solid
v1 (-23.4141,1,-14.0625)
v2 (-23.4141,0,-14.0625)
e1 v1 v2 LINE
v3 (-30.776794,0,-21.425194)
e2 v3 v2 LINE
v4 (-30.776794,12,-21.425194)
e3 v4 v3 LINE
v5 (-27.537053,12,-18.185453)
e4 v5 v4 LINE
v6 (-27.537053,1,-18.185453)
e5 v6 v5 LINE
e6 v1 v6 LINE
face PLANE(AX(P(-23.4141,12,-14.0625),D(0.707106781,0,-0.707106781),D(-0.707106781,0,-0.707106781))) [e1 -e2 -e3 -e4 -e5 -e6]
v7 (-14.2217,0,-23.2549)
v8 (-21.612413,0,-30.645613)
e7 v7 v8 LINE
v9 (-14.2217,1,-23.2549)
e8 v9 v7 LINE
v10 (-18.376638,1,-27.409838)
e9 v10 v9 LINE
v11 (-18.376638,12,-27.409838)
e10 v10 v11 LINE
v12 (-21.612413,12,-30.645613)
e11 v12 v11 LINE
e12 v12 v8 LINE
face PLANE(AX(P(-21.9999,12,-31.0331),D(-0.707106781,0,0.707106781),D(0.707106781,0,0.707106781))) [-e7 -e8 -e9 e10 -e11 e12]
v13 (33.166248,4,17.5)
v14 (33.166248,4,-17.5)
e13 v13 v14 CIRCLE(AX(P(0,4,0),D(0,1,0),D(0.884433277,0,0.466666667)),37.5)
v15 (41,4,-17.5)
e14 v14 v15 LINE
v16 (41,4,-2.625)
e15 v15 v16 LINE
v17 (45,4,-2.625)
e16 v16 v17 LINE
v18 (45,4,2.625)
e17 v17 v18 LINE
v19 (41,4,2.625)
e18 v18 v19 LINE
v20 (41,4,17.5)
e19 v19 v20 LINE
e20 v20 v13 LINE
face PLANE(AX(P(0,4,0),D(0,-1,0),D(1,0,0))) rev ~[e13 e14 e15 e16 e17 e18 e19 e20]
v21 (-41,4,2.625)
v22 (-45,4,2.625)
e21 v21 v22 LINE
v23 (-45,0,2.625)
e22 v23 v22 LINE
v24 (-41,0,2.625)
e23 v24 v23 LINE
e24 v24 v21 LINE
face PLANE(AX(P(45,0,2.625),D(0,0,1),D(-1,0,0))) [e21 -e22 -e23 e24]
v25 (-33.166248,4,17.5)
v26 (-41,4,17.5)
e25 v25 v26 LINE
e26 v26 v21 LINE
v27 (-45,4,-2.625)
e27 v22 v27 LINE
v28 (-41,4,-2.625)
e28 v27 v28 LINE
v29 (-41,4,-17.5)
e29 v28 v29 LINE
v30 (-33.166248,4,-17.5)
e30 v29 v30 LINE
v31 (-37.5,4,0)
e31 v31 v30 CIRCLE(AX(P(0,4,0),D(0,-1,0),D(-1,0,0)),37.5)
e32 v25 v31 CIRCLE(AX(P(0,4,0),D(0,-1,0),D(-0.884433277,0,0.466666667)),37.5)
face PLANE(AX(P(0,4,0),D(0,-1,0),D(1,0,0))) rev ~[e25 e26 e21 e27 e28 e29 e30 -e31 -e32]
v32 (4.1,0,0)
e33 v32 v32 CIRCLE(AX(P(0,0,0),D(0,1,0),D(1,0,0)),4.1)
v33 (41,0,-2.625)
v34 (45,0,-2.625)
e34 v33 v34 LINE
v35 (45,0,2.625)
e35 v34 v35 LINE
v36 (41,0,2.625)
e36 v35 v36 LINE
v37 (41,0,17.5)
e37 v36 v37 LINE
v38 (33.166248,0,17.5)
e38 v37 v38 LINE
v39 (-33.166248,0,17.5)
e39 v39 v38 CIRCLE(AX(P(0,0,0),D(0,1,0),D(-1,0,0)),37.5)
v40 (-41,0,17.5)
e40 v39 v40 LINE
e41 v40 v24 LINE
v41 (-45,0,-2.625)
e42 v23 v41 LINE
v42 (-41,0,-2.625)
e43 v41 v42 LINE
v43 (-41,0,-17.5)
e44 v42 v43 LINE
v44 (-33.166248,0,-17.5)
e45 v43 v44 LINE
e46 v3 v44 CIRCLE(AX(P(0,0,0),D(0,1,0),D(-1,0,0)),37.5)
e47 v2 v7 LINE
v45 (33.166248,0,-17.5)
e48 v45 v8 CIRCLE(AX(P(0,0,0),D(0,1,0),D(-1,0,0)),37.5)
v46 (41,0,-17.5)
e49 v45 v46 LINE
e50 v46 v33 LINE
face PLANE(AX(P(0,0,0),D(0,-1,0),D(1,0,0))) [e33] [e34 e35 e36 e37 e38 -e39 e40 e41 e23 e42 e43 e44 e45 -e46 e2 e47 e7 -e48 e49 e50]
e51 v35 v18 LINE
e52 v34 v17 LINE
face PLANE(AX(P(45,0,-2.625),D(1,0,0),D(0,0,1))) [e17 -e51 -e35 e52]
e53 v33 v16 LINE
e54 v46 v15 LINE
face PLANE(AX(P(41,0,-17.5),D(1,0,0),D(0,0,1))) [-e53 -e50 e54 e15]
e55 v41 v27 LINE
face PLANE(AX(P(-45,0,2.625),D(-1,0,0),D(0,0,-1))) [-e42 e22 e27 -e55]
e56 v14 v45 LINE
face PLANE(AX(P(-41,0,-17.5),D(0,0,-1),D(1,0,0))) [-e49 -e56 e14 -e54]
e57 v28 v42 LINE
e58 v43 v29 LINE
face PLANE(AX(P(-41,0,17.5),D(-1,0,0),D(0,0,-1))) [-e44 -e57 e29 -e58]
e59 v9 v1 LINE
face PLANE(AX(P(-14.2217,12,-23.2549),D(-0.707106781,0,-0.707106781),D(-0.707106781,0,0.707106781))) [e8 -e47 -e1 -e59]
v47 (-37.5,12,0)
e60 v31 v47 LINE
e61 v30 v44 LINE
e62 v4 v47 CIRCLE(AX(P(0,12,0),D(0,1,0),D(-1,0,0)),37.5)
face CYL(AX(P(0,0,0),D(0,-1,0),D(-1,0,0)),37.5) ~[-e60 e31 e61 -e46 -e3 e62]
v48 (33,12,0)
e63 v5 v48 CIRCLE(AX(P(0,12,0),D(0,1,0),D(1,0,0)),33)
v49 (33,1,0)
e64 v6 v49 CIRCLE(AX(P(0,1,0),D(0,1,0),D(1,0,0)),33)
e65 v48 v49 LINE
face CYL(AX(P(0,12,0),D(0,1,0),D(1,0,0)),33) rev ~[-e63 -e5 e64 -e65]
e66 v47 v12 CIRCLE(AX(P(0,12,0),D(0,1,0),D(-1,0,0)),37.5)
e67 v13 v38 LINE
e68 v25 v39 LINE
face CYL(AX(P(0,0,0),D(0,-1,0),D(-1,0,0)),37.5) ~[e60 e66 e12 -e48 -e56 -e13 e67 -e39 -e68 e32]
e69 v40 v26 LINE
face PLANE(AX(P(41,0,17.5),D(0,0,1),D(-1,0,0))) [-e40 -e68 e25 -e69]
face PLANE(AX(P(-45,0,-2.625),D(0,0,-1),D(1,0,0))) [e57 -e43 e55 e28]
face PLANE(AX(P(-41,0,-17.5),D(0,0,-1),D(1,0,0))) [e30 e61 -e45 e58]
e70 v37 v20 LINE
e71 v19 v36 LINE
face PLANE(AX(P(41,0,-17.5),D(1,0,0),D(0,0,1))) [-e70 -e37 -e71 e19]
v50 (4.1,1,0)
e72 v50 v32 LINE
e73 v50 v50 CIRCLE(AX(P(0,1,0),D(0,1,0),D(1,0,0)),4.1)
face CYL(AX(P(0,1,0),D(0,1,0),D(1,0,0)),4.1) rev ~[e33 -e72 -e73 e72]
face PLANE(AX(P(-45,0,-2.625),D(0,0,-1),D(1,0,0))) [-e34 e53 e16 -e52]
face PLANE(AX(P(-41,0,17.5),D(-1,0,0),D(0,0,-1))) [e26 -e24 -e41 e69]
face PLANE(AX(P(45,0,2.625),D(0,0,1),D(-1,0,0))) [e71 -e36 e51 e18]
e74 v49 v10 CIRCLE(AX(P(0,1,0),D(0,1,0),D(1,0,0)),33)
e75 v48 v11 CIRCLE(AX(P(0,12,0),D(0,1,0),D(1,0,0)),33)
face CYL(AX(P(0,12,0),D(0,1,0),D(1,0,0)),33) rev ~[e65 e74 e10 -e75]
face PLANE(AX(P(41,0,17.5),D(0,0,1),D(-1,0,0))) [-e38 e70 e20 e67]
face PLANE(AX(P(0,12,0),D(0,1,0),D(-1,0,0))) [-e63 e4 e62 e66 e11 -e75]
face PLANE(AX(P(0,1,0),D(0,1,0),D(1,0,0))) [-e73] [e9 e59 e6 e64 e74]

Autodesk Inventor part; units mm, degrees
ref_plane "YZ Plane" through (0, 0, 0) normal (1, 0, 0) x (0, 1, 0)
ref_plane "XZ Plane" through (0, 0, 0) normal (0, 1, 0) x (-1, 0, 0)
ref_plane "XY Plane" through (0, 0, 0) normal (0, 0, 1) x (1, 0, 0)
sketch "Sketch1" plane through (0, 0, 0) normal (0, 1, 0) x (-1, 0, 0)
  circle A0 centre (0, 0) radius 37.5
  dimension "d0" = 75
extrude "Extrusion1" add sketch "Sketch1" along normal blind 12
sketch "Sketch3" plane through (0, 0, 0) normal (0, -1, 0) x (1, 0, 0)
  line L0 (41, 17.5) -> (-41, 17.5)
  line L1 (-41, 17.5) -> (-41, -17.5)
  line L2 (-41, -17.5) -> (41, -17.5)
  line L3 (41, -17.5) -> (41, 17.5)
  point P0 (0, 0)
  point P1 (41, 0)
  point P2 (0, -17.5)
  dimension "d6" = 82
  dimension "d7" = 35
extrude "Extrusion3" add sketch "Sketch3" against normal blind 4
sketch "Sketch4" plane through (0, 0, 0) normal (0, -1, 0) x (1, 0, 0)
  line L0 (-45, -2.625) -> (45, -2.625)
  line L1 (45, -2.625) -> (45, 2.625)
  line L2 (45, 2.625) -> (-45, 2.625)
  line L3 (-45, 2.625) -> (-45, -2.625)
  point P0 (0, 0)
  point P1 (-45, 0)
  point P2 (0, 2.625)
  dimension "d10" = 90
  dimension "d11" = 5.25
extrude "Extrusion4" add sketch "Sketch4" against normal blind 4
sketch "Sketch2" plane through (0, 12, 0) normal (0, 1, 0) x (1, 0, 0)
  circle A0 centre (0, 0) radius 33
  dimension "d3" = 66
extrude "Extrusion2" cut sketch "Sketch2" against normal blind 11
sketch "Sketch5" plane through (0, 1, 0) normal (0, 1, 0) x (1, 0, 0)
  circle A0 centre (0, 0) radius 4.1
  dimension "d14" = 8.2
extrude "Extrusion5" cut sketch "Sketch5" against normal through all
sketch "Sketch6" plane through (0, 12, 0) normal (0, 1, 0) x (1, 0, 0)
  line L0 (-23.4141, 14.0625) -> (-31.1923, 21.8407)
  line L1 (-31.1923, 21.8407) -> (-21.9999, 31.0331)
  line L2 (-21.9999, 31.0331) -> (-14.2217, 23.2549)
  line L3 (-14.2217, 23.2549) -> (-23.4141, 14.0625)
  line L4 (0, 0) -> (-32.7126, 0) construction
  line L5 (0, 0) -> (0, 33) construction
  circle A0 centre (0, 0) radius 33 construction
  circle A1 centre (0, 0) radius 37.5 construction
  dimension "d17" = 11
  dimension "d18" = 13
extrude "Extrusion6" cut sketch "Sketch6" against normal through all
properties part number "SnackClock_exterior_final"
